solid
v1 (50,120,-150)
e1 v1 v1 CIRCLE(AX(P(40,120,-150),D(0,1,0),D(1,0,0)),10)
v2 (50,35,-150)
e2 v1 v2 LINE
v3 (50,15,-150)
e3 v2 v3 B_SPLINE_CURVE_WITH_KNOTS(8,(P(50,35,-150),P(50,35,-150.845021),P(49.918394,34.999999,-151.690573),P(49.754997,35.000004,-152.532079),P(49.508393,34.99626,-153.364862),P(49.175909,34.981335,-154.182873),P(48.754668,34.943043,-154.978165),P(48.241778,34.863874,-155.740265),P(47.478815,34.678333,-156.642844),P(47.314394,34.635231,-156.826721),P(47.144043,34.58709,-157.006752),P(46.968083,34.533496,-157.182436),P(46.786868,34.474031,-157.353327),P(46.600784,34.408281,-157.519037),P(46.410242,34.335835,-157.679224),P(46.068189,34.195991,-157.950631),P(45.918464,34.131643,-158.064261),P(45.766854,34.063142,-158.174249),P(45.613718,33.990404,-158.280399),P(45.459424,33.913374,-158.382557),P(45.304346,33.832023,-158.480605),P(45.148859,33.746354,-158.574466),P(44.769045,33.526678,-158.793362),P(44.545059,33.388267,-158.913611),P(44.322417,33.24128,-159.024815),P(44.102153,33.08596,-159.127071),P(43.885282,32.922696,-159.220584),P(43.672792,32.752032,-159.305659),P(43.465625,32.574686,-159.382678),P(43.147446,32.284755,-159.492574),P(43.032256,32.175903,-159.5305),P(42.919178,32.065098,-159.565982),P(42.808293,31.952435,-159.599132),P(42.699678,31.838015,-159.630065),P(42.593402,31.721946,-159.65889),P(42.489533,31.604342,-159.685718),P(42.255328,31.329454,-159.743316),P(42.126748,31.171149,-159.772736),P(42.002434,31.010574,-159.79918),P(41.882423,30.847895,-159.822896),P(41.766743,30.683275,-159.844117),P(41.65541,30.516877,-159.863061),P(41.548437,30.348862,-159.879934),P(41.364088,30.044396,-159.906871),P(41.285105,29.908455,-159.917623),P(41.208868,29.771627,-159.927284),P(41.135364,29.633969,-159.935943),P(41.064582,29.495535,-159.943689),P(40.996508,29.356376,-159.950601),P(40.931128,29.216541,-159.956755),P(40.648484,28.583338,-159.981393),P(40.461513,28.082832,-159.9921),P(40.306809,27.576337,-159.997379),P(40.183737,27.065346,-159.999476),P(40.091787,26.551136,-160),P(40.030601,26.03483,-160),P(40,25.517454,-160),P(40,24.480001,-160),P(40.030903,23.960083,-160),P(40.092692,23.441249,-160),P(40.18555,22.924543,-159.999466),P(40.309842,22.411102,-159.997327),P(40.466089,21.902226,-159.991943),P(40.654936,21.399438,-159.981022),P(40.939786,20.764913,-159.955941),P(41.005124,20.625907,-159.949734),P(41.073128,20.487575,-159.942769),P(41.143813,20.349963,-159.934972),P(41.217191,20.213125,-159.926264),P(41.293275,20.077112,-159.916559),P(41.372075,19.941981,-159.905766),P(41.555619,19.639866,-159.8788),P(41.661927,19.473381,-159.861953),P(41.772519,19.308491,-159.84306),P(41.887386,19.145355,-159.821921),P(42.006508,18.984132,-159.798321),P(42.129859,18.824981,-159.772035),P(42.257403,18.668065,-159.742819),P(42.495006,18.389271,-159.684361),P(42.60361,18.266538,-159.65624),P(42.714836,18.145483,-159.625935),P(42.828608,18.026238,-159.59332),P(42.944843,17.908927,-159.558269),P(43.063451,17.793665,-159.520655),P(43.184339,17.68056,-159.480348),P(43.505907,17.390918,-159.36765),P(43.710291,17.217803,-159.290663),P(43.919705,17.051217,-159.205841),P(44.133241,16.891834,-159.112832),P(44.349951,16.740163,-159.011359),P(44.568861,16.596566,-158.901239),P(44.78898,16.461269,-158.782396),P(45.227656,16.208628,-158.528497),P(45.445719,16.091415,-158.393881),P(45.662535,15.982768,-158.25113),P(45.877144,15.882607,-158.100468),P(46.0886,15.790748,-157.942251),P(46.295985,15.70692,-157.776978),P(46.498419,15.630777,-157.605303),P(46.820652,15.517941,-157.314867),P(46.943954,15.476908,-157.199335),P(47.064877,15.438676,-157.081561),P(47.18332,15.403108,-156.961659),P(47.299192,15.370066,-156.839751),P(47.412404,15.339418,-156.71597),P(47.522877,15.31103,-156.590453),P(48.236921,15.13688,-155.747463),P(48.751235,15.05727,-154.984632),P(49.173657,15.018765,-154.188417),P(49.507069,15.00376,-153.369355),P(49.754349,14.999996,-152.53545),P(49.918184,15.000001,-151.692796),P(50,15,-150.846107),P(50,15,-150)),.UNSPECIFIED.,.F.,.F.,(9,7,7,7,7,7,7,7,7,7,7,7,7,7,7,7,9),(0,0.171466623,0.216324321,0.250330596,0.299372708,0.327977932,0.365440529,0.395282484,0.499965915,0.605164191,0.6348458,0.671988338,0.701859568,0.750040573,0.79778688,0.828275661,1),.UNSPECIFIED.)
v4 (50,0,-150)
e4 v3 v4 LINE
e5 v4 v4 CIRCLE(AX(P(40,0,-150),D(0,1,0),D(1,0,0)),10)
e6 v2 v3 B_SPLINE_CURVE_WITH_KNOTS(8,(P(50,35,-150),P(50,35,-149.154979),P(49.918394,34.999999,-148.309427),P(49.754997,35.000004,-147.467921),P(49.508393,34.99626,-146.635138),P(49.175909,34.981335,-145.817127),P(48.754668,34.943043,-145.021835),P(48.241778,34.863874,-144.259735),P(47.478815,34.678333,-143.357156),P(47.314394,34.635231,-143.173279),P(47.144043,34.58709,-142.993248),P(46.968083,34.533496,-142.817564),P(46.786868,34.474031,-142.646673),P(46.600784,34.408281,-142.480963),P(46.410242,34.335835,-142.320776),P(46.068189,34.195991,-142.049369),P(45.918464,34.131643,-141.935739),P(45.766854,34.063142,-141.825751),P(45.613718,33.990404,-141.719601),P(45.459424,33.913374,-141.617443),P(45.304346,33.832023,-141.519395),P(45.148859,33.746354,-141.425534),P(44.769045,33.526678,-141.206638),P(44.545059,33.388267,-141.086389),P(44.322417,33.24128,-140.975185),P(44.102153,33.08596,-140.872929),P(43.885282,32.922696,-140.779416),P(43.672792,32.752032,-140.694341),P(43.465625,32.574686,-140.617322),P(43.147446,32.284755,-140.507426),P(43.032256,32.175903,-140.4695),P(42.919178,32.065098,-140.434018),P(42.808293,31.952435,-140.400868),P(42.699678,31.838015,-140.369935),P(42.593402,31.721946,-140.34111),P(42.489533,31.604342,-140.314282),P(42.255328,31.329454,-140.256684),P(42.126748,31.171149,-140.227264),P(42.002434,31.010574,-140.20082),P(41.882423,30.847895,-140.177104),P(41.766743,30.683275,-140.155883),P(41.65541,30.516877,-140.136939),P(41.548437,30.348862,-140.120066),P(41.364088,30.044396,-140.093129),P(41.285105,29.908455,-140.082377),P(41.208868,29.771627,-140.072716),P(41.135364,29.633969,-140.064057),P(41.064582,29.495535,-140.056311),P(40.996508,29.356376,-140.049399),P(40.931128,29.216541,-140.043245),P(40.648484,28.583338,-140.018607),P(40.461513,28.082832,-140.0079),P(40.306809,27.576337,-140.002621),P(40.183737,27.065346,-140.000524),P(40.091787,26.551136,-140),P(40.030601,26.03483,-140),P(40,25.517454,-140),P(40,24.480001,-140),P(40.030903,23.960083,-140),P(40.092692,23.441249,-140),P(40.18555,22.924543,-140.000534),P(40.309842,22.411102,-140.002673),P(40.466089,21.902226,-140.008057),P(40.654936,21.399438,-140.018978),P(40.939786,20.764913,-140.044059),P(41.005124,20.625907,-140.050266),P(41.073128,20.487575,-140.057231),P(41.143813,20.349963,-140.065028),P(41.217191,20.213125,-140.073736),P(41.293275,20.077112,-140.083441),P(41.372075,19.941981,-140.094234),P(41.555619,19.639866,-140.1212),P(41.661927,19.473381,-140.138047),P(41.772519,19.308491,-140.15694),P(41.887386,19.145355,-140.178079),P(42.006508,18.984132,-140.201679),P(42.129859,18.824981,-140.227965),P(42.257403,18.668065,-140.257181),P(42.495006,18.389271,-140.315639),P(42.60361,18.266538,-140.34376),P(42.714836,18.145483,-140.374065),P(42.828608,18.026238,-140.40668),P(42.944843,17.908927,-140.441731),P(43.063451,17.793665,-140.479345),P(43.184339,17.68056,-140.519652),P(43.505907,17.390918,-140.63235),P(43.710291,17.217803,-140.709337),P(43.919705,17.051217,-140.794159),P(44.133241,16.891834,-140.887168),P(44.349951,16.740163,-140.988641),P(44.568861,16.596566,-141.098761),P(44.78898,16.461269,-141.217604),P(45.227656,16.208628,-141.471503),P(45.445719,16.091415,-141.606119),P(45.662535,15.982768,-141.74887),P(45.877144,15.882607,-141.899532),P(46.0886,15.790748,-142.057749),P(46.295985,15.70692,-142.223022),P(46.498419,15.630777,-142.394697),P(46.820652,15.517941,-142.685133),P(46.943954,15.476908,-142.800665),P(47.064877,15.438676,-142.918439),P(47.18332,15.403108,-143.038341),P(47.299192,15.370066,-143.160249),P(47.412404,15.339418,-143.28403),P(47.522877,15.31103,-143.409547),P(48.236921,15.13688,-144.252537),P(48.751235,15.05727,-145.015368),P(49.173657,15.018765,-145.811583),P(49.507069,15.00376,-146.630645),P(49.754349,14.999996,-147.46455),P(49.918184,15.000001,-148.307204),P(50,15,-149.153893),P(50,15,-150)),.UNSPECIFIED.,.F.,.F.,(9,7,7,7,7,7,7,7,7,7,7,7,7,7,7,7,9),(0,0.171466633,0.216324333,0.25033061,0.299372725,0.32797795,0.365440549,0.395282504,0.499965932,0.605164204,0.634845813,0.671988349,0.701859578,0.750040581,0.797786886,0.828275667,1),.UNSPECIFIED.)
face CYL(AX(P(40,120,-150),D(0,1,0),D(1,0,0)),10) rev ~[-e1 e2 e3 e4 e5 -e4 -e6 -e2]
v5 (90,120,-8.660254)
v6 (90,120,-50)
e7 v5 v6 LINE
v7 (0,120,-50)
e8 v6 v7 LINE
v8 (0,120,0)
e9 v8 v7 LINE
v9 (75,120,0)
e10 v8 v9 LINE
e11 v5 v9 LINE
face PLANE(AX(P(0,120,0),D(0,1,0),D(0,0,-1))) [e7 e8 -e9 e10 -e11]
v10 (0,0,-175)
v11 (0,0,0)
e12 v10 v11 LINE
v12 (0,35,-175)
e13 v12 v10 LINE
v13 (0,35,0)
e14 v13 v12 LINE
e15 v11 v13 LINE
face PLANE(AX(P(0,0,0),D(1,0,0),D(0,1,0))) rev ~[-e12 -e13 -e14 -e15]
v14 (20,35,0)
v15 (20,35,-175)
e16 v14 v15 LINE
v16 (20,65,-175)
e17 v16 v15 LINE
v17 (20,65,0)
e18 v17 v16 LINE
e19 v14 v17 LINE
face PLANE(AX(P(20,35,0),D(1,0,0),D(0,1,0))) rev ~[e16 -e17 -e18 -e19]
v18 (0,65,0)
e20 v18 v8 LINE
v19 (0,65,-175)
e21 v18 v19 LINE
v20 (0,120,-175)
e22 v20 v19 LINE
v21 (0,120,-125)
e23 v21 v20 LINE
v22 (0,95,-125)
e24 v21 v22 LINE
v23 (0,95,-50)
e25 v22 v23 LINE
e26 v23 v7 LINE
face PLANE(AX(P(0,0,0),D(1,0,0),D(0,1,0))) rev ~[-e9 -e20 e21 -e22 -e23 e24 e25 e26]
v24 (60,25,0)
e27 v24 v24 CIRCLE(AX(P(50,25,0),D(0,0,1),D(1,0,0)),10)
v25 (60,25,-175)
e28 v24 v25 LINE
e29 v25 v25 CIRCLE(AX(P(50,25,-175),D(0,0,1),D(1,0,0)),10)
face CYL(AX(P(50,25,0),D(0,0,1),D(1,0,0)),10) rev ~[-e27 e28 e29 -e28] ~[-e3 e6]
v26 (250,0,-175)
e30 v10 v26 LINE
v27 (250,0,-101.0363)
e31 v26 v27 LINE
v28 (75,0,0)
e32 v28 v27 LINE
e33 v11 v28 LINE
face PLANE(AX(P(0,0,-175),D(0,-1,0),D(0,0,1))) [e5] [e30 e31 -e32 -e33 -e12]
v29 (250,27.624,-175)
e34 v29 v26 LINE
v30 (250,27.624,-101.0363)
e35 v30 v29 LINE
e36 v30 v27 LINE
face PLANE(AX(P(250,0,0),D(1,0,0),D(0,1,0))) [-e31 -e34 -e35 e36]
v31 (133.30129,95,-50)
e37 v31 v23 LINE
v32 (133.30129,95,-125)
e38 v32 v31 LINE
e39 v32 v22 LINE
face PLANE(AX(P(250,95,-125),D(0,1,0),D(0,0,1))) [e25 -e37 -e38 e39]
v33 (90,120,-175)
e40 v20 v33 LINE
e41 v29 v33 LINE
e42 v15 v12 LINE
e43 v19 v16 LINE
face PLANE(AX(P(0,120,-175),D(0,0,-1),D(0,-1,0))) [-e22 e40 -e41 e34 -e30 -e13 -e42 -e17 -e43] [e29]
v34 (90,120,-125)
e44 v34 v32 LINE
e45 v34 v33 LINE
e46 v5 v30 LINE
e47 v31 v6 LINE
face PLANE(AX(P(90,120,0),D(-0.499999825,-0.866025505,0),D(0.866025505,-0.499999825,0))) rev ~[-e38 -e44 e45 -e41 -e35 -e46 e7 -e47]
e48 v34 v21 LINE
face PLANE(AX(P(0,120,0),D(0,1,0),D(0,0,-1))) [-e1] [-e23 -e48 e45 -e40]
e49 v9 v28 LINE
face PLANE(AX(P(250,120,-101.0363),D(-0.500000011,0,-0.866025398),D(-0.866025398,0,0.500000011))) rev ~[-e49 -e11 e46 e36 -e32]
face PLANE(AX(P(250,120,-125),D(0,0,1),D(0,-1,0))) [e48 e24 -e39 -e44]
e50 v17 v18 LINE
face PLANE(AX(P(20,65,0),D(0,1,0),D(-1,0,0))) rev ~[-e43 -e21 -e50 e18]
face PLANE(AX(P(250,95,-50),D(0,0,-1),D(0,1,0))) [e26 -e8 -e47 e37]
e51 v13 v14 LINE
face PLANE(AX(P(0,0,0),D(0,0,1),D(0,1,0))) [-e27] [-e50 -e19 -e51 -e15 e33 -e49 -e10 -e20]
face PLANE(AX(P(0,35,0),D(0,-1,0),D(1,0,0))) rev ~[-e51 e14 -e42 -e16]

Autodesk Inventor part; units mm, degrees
ref_plane "YZ Plane" through (0, 0, 0) normal (1, 0, 0) x (0, 1, 0)
ref_plane "XZ Plane" through (0, 0, 0) normal (0, 1, 0) x (-1, 0, 0)
ref_plane "XY Plane" through (0, 0, 0) normal (0, 0, 1) x (1, 0, 0)
sketch "Sketch1" plane through (0, 0, 0) normal (1, 0, 0) x (0, 1, 0)
  line L0 (0, 0) -> (120, 0)
  line L1 (120, 0) -> (120, -175)
  line L2 (120, -175) -> (0, -175)
  line L3 (0, -175) -> (0, 0)
  dimension "d0" = 175
  dimension "d1" = 120
extrude "Extrusion1" add sketch "Sketch1" along normal blind 250
sketch "Sketch4" plane through (250, 0, 0) normal (1, 0, 0) x (0, 0, -1)
  line L0 (175, 120) -> (0, 120) projected
  line L1 (50, 120) -> (125, 120)
  line L2 (125, 120) -> (125, 95)
  line L3 (125, 95) -> (50, 95)
  line L4 (50, 95) -> (50, 120)
  line L5 (175, 0) -> (175, 120) projected
  point P0 (0, 0)
  dimension "d6" = 75
  dimension "d7" = 50
  dimension "d8" = 25
extrude "Extrusion3" cut sketch "Sketch4" against normal through all
sketch "Sketch5" plane through (0, 0, 0) normal (0, 0, 1) x (1, 0, 0)
  line L0 (0, 120) -> (0, 0) projected
  line L1 (0, 35) -> (20, 35)
  line L2 (20, 35) -> (20, 65)
  line L3 (20, 65) -> (0, 65)
  line L4 (0, 65) -> (0, 35)
  circle A0 centre (50, 25) radius 10
  line L5 (0, 120) -> (250, 120) projected
  line L6 (90, 120) -> (250, 27.624)
  line L7 (250, 120) -> (250, 0) projected
  line L8 (0, 120) -> (0, 0) projected
  line L9 (0, 0) -> (250, 0) projected
  line L10 (250, 120) -> (250, 0) projected
  line L11 (0, 120) -> (250, 120) projected
  point P0 (0, 65)
  dimension "d11" = 90
  dimension "d12" = 30
  dimension "d13" = 20
  dimension "d14" = 50
  dimension "d15" = 35
  dimension "d16" = 30
  dimension "d17" = 20
  dimension "d18" = 25
extrude "Extrusion4" cut sketch "Sketch5" against normal through all contours L3 L2 L1 L0 | L5 L7 L6 | A0
sketch "Sketch6" plane through (0, 120, -125) normal (0, 1, 0) x (1, 0, 0)
  circle A0 centre (40, 25) radius 10
  line L0 (250, 50) -> (250, -125) projected
  line L1 (250, -23.9637) -> (75, -125)
  line L2 (0, -125) -> (250, -125) projected
  line L3 (0, -75) -> (0, -125) projected
  line L4 (0, 50) -> (0, 0) projected
  line L5 (0, 50) -> (90, 50) projected
  dimension "d21" = 30
  dimension "d22" = 75
  dimension "d23" = 40
  dimension "d24" = 25
  dimension "d25" = 20
extrude "Extrusion5" cut sketch "Sketch6" against normal through all
properties part number "AngleSlider"
